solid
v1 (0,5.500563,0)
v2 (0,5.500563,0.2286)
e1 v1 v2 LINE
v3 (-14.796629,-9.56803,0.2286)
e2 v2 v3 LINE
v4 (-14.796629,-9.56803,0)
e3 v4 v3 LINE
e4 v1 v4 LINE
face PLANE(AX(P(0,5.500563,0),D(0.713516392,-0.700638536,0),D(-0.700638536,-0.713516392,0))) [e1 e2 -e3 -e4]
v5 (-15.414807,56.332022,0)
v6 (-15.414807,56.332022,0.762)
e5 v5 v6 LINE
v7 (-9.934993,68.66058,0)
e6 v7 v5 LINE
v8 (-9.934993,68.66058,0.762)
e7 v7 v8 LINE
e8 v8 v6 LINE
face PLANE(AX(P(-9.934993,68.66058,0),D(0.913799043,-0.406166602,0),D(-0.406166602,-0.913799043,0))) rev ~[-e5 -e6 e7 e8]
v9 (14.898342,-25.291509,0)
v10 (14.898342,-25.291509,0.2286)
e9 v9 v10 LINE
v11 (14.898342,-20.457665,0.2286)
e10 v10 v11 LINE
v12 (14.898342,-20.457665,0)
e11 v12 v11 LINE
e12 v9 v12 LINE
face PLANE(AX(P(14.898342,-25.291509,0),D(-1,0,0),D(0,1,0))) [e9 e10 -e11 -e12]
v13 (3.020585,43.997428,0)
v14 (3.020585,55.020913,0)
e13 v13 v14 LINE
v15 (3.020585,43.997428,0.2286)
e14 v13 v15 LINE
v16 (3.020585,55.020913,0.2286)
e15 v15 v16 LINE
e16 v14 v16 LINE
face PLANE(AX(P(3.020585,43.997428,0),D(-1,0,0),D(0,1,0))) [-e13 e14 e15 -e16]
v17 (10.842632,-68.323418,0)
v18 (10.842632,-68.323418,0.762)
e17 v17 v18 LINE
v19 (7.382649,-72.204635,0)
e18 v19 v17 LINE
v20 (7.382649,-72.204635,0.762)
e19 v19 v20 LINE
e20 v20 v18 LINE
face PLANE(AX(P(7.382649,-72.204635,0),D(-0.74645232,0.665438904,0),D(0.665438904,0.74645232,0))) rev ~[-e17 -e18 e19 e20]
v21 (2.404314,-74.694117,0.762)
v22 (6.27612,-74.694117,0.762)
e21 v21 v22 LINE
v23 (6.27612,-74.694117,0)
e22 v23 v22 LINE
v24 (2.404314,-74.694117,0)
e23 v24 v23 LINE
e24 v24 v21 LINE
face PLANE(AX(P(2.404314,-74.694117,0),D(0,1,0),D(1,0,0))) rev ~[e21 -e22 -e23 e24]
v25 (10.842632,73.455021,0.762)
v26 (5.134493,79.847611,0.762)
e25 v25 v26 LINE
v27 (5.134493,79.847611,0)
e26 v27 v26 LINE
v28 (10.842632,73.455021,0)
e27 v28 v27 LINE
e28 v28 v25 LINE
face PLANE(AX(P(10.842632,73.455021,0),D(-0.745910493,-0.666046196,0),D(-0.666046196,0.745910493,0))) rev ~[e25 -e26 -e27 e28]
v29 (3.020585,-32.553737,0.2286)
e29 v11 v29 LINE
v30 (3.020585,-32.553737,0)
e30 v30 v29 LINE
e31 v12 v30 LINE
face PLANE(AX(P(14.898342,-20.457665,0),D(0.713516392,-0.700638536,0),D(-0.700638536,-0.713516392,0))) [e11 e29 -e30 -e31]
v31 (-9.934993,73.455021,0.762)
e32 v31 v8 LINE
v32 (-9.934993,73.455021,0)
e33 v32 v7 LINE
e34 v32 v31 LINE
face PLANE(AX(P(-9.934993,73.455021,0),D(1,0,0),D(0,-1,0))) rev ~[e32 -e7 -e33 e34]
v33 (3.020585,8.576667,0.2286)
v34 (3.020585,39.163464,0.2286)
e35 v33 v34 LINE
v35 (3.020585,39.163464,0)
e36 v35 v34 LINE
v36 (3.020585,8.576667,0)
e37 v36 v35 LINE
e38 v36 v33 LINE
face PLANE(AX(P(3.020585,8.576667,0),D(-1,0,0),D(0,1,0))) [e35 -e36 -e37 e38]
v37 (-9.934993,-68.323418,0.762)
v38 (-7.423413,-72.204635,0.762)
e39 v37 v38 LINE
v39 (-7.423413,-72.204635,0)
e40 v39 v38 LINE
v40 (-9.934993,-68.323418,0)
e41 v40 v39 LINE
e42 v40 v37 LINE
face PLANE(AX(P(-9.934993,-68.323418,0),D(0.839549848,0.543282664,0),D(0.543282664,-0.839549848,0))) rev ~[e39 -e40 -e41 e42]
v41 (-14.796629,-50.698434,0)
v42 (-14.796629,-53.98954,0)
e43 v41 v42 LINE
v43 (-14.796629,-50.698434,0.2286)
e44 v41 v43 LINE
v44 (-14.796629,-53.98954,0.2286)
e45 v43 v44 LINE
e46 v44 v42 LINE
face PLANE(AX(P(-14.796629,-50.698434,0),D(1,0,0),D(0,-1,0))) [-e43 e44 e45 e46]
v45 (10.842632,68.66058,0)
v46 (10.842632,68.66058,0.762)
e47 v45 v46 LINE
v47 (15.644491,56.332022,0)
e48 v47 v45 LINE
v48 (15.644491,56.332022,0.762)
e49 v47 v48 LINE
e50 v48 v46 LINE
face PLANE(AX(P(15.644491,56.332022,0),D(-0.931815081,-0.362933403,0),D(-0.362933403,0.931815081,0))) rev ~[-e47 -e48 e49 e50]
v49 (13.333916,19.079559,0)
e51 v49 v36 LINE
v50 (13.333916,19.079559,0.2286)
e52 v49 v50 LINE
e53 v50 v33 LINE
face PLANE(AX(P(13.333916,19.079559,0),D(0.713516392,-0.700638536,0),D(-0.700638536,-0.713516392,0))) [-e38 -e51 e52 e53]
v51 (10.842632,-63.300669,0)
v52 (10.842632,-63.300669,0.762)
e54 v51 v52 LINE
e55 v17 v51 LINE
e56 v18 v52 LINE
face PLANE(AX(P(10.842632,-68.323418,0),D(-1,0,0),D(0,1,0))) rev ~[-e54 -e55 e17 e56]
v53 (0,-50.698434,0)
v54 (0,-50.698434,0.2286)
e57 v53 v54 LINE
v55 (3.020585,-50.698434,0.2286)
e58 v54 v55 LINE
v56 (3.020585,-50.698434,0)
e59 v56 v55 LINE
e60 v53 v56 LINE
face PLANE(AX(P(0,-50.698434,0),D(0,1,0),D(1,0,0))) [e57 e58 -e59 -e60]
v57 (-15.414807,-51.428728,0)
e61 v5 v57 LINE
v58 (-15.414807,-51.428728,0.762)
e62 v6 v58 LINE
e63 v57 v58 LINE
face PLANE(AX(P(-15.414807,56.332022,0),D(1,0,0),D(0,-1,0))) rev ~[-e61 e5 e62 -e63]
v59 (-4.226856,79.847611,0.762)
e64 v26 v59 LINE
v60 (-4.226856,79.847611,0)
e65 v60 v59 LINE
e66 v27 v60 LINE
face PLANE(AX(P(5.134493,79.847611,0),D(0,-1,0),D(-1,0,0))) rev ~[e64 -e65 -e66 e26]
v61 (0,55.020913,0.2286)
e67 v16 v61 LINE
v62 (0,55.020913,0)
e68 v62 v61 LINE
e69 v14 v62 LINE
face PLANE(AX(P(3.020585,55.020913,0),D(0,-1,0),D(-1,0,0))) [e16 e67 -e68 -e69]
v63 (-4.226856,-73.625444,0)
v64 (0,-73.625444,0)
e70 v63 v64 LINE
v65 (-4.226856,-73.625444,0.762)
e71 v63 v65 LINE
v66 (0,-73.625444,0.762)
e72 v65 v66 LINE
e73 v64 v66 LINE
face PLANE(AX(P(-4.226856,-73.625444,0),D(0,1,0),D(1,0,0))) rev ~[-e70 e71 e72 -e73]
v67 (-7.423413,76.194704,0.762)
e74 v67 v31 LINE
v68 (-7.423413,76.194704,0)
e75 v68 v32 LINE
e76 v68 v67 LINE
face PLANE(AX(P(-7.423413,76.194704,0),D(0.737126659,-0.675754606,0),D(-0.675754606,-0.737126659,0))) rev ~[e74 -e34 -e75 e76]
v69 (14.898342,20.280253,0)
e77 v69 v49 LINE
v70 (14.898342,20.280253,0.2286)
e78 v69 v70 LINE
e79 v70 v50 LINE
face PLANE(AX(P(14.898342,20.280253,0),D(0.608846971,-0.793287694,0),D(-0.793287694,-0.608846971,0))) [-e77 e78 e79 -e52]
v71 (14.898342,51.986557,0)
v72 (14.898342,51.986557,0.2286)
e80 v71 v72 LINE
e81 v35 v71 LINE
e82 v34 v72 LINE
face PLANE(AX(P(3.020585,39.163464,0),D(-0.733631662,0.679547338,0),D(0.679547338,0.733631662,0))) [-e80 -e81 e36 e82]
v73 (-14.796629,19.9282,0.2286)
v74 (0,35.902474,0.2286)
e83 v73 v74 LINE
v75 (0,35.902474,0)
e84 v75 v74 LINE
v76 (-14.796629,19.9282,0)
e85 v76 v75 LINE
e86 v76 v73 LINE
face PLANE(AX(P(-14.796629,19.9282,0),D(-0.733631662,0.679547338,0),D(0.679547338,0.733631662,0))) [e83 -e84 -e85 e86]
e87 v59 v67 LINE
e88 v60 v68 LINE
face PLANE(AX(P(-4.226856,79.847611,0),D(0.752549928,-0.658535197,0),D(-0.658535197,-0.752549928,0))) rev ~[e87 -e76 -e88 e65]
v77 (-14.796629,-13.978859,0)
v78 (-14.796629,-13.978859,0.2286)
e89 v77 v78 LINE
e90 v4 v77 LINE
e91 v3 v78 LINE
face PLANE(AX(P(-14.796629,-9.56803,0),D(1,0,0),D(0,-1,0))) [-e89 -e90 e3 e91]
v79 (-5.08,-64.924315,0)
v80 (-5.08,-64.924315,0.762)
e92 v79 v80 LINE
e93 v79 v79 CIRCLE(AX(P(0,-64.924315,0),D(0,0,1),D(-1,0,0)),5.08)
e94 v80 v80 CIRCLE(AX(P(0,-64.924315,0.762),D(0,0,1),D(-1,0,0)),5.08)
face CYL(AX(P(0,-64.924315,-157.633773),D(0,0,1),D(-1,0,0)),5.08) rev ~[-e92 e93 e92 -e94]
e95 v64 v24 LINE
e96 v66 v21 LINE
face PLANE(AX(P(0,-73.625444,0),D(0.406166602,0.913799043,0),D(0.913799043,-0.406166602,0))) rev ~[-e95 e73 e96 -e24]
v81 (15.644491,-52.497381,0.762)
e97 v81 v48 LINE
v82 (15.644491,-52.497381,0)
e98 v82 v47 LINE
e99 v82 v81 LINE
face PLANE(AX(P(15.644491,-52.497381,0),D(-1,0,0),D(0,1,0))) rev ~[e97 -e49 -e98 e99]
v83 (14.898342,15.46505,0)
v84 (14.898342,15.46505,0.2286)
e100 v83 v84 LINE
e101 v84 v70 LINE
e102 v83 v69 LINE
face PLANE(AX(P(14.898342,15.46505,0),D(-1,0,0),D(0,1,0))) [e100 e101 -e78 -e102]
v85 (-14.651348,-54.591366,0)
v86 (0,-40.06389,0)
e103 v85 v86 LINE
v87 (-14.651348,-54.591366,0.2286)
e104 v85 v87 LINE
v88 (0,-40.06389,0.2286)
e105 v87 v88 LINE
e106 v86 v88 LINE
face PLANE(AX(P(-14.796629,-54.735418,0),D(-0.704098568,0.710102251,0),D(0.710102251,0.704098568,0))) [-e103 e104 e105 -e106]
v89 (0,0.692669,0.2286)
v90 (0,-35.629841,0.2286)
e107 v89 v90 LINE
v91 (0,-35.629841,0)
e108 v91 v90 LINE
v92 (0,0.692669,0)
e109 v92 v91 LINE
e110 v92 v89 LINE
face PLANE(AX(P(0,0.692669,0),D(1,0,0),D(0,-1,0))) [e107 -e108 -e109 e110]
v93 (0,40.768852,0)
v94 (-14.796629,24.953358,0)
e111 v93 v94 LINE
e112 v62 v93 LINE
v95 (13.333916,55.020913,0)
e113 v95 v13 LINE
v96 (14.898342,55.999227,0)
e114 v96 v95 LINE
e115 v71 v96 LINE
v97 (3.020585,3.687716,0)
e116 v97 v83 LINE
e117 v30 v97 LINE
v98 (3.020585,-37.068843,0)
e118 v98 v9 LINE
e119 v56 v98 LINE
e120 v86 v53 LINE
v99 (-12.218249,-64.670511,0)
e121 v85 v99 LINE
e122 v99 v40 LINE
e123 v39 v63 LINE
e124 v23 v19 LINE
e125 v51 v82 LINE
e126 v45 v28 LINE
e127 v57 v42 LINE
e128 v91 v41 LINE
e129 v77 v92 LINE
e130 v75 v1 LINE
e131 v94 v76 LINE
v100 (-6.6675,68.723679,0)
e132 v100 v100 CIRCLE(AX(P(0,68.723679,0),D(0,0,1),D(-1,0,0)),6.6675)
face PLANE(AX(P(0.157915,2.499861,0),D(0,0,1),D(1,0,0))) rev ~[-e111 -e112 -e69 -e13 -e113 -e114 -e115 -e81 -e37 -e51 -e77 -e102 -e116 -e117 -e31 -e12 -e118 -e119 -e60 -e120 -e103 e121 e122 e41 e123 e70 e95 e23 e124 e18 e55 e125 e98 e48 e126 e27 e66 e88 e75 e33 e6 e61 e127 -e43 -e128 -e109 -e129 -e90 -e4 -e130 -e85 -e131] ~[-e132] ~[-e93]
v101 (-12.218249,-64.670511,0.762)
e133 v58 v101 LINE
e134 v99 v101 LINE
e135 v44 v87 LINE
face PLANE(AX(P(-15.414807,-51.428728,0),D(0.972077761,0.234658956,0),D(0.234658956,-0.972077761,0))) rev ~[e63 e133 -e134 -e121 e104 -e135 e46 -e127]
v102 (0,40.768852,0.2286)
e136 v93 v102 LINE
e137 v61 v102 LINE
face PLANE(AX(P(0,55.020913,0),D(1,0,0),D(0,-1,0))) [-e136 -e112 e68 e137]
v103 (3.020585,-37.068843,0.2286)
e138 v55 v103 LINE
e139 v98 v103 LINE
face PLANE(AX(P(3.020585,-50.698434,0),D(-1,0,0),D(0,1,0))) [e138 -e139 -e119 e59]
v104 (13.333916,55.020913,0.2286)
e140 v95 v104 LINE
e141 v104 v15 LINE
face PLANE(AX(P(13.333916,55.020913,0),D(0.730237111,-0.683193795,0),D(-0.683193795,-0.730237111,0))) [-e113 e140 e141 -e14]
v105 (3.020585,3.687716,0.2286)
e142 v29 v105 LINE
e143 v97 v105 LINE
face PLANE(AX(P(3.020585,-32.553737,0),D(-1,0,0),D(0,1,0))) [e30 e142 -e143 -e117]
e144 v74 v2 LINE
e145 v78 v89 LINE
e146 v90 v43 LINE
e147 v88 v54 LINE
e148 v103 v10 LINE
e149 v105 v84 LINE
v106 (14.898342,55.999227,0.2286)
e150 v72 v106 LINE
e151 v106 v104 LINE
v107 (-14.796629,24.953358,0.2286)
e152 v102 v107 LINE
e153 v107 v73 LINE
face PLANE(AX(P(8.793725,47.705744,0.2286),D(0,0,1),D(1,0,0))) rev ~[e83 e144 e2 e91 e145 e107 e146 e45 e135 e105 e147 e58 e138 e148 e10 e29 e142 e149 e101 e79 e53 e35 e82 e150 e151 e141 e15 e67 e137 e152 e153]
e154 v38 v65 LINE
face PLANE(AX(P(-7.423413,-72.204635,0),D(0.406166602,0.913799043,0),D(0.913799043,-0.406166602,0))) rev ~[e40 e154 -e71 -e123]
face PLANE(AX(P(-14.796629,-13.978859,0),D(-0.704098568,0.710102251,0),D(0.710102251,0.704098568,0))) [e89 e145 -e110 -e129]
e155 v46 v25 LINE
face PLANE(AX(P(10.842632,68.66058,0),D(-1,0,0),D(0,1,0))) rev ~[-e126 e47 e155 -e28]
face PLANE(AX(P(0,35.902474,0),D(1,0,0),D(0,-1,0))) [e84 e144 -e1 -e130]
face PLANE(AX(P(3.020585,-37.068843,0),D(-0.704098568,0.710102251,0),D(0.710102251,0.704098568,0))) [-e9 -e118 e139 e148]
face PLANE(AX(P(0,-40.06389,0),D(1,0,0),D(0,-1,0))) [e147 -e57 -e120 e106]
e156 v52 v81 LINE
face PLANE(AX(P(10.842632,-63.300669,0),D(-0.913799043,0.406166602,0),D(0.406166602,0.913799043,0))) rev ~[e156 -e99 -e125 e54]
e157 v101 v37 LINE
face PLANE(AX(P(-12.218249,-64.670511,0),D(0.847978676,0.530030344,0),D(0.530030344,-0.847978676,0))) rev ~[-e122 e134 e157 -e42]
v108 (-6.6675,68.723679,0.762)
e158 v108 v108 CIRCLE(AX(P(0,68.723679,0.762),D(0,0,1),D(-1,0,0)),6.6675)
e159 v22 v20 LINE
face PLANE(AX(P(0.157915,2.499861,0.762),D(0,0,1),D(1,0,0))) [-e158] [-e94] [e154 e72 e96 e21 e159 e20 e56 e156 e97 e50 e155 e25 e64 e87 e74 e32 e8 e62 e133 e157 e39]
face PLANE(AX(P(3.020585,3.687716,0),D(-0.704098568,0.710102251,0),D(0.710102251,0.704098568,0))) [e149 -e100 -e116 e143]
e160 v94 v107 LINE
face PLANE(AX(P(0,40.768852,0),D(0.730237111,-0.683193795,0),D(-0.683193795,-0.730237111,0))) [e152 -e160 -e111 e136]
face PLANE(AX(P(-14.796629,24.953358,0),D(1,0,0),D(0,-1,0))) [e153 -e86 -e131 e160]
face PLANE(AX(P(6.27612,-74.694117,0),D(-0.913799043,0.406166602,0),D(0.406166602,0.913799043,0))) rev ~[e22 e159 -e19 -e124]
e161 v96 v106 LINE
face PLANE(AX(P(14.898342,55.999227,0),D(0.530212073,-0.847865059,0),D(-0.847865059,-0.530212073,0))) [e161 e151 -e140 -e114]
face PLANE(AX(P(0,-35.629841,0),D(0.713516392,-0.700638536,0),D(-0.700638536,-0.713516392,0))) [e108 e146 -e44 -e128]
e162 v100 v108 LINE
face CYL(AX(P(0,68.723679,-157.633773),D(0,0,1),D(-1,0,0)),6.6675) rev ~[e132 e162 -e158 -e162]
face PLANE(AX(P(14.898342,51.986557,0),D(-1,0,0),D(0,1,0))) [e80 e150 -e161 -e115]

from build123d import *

# Parameters (mm, degrees)
F2_DEPTH = 0.762
F3_D     = 13.335
F4_D     = 10.16
F6_DEPTH = 0.2286


with BuildPart() as f2:
    # F1 (on Top) → F2 (new body)
    with BuildSketch(Plane.XY):
        Polygon((5.1344926469, 79.8476114869), (0, 79.8476114869), (-4.2268559337, 79.8476114869), (-7.4234125204, 76.1947035789), (-9.9349934608, 73.4550207853), (-9.9349934608, 68.6605796218), (-15.4148070142, 56.3320219517), (-15.4148070142, -51.4287278056), (-12.2182490304, -64.6705105901), (-9.9349934608, -68.323418498), (-7.4234125204, -72.2046345472), (-4.2268559337, -73.6254442297), (0, -73.6254442297), (2.4043139854, -74.6941168771), (6.2761204317, -74.6941168771), (7.382648817, -72.2046345472), (10.842631571, -68.323418498), (10.842631571, -63.3006691933), (15.6444913902, -52.4973808827), (15.6444913902, -7.1372324601), (15.6444913902, 14.5519021899), (15.6444913902, 38.0674898624), (15.6444913902, 52.4508096278), (15.6444913902, 56.3320219517), (10.842631571, 68.6605796218), (10.842631571, 73.4550207853), align=None)
    extrude(amount=F2_DEPTH)

    # F3 (through all)
    with Locations(Plane(origin=(0, 0, 0), x_dir=(1, 0, 0), z_dir=(0, 0, -1))):
        with Locations((0, -68.7236785889)):
            Hole(F3_D / 2)

    # F4 (through all)
    with Locations(Plane(origin=(0, 0, 0), x_dir=(1, 0, 0), z_dir=(0, 0, -1))):
        with Locations((0, 64.9243146181)):
            Hole(F4_D / 2)

    # F5 (on Top) → F6 (cut)
    with BuildSketch(Plane.XY):
        Polygon((14.8983420804, 55.9992268682), (13.3339157328, 55.0209134817), (3.0205850489, 43.9974281211), (3.0205850489, 39.1634636204), (14.8983420804, 51.9865565002), align=None)
        Polygon((3.0205850489, 39.1634636204), (3.0205850489, 43.9974281211), (0, 40.7688518165), (0, 35.9024739797), align=None)
        Polygon((0, 40.7688518165), (3.0205850489, 43.9974281211), (3.0205850489, 55.0209134817), (0, 55.0209134817), align=None)
        Polygon((0, 35.9024739797), (0, 40.7688518165), (-14.7966286168, 24.9533578753), (-14.7966286168, 19.9282001704), align=None)
        Polygon((3.0205850489, 8.5766670856), (3.0205850489, 39.1634636204), (0, 35.9024739797), (0, 5.5005631668), align=None)
        Polygon((3.0205850489, 3.6877155311), (3.0205850489, 8.5766670856), (0, 5.5005631668), (0, 0.6926685426), align=None)
        Polygon((13.3339157328, 19.0795585513), (3.0205850489, 8.5766670856), (3.0205850489, 3.6877155311), (14.8983420804, 15.4650500044), (14.8983420804, 20.2802531421), align=None)
        Polygon((0, 0.6926685426), (0, 5.5005631668), (-14.7966286168, -9.5680300146), (-14.7966286168, -13.9788594097), align=None)
        Polygon((3.0205850489, -32.5537367418), (3.0205850489, 3.6877155311), (0, 0.6926685426), (0, -35.6298406606), align=None)
        Polygon((3.0205850489, -37.0688434684), (3.0205850489, -32.5537367418), (0, -35.6298406606), (0, -40.0638904568), align=None)
        Polygon((14.8983420804, -20.4576645046), (3.0205850489, -32.5537367418), (3.0205850489, -37.0688434684), (14.8983420804, -25.291508995), align=None)
        Polygon((0, -40.0638904568), (0, -35.6298406606), (-14.7966286168, -50.698433842), (-14.7966286168, -54.7354184091), align=None)
        Polygon((3.0205850489, -50.698433842), (3.0205850489, -37.0688434684), (0, -40.0638904568), (0, -50.698433842), align=None)
    extrude(amount=F6_DEPTH, mode=Mode.SUBTRACT)


solid = f2.part
